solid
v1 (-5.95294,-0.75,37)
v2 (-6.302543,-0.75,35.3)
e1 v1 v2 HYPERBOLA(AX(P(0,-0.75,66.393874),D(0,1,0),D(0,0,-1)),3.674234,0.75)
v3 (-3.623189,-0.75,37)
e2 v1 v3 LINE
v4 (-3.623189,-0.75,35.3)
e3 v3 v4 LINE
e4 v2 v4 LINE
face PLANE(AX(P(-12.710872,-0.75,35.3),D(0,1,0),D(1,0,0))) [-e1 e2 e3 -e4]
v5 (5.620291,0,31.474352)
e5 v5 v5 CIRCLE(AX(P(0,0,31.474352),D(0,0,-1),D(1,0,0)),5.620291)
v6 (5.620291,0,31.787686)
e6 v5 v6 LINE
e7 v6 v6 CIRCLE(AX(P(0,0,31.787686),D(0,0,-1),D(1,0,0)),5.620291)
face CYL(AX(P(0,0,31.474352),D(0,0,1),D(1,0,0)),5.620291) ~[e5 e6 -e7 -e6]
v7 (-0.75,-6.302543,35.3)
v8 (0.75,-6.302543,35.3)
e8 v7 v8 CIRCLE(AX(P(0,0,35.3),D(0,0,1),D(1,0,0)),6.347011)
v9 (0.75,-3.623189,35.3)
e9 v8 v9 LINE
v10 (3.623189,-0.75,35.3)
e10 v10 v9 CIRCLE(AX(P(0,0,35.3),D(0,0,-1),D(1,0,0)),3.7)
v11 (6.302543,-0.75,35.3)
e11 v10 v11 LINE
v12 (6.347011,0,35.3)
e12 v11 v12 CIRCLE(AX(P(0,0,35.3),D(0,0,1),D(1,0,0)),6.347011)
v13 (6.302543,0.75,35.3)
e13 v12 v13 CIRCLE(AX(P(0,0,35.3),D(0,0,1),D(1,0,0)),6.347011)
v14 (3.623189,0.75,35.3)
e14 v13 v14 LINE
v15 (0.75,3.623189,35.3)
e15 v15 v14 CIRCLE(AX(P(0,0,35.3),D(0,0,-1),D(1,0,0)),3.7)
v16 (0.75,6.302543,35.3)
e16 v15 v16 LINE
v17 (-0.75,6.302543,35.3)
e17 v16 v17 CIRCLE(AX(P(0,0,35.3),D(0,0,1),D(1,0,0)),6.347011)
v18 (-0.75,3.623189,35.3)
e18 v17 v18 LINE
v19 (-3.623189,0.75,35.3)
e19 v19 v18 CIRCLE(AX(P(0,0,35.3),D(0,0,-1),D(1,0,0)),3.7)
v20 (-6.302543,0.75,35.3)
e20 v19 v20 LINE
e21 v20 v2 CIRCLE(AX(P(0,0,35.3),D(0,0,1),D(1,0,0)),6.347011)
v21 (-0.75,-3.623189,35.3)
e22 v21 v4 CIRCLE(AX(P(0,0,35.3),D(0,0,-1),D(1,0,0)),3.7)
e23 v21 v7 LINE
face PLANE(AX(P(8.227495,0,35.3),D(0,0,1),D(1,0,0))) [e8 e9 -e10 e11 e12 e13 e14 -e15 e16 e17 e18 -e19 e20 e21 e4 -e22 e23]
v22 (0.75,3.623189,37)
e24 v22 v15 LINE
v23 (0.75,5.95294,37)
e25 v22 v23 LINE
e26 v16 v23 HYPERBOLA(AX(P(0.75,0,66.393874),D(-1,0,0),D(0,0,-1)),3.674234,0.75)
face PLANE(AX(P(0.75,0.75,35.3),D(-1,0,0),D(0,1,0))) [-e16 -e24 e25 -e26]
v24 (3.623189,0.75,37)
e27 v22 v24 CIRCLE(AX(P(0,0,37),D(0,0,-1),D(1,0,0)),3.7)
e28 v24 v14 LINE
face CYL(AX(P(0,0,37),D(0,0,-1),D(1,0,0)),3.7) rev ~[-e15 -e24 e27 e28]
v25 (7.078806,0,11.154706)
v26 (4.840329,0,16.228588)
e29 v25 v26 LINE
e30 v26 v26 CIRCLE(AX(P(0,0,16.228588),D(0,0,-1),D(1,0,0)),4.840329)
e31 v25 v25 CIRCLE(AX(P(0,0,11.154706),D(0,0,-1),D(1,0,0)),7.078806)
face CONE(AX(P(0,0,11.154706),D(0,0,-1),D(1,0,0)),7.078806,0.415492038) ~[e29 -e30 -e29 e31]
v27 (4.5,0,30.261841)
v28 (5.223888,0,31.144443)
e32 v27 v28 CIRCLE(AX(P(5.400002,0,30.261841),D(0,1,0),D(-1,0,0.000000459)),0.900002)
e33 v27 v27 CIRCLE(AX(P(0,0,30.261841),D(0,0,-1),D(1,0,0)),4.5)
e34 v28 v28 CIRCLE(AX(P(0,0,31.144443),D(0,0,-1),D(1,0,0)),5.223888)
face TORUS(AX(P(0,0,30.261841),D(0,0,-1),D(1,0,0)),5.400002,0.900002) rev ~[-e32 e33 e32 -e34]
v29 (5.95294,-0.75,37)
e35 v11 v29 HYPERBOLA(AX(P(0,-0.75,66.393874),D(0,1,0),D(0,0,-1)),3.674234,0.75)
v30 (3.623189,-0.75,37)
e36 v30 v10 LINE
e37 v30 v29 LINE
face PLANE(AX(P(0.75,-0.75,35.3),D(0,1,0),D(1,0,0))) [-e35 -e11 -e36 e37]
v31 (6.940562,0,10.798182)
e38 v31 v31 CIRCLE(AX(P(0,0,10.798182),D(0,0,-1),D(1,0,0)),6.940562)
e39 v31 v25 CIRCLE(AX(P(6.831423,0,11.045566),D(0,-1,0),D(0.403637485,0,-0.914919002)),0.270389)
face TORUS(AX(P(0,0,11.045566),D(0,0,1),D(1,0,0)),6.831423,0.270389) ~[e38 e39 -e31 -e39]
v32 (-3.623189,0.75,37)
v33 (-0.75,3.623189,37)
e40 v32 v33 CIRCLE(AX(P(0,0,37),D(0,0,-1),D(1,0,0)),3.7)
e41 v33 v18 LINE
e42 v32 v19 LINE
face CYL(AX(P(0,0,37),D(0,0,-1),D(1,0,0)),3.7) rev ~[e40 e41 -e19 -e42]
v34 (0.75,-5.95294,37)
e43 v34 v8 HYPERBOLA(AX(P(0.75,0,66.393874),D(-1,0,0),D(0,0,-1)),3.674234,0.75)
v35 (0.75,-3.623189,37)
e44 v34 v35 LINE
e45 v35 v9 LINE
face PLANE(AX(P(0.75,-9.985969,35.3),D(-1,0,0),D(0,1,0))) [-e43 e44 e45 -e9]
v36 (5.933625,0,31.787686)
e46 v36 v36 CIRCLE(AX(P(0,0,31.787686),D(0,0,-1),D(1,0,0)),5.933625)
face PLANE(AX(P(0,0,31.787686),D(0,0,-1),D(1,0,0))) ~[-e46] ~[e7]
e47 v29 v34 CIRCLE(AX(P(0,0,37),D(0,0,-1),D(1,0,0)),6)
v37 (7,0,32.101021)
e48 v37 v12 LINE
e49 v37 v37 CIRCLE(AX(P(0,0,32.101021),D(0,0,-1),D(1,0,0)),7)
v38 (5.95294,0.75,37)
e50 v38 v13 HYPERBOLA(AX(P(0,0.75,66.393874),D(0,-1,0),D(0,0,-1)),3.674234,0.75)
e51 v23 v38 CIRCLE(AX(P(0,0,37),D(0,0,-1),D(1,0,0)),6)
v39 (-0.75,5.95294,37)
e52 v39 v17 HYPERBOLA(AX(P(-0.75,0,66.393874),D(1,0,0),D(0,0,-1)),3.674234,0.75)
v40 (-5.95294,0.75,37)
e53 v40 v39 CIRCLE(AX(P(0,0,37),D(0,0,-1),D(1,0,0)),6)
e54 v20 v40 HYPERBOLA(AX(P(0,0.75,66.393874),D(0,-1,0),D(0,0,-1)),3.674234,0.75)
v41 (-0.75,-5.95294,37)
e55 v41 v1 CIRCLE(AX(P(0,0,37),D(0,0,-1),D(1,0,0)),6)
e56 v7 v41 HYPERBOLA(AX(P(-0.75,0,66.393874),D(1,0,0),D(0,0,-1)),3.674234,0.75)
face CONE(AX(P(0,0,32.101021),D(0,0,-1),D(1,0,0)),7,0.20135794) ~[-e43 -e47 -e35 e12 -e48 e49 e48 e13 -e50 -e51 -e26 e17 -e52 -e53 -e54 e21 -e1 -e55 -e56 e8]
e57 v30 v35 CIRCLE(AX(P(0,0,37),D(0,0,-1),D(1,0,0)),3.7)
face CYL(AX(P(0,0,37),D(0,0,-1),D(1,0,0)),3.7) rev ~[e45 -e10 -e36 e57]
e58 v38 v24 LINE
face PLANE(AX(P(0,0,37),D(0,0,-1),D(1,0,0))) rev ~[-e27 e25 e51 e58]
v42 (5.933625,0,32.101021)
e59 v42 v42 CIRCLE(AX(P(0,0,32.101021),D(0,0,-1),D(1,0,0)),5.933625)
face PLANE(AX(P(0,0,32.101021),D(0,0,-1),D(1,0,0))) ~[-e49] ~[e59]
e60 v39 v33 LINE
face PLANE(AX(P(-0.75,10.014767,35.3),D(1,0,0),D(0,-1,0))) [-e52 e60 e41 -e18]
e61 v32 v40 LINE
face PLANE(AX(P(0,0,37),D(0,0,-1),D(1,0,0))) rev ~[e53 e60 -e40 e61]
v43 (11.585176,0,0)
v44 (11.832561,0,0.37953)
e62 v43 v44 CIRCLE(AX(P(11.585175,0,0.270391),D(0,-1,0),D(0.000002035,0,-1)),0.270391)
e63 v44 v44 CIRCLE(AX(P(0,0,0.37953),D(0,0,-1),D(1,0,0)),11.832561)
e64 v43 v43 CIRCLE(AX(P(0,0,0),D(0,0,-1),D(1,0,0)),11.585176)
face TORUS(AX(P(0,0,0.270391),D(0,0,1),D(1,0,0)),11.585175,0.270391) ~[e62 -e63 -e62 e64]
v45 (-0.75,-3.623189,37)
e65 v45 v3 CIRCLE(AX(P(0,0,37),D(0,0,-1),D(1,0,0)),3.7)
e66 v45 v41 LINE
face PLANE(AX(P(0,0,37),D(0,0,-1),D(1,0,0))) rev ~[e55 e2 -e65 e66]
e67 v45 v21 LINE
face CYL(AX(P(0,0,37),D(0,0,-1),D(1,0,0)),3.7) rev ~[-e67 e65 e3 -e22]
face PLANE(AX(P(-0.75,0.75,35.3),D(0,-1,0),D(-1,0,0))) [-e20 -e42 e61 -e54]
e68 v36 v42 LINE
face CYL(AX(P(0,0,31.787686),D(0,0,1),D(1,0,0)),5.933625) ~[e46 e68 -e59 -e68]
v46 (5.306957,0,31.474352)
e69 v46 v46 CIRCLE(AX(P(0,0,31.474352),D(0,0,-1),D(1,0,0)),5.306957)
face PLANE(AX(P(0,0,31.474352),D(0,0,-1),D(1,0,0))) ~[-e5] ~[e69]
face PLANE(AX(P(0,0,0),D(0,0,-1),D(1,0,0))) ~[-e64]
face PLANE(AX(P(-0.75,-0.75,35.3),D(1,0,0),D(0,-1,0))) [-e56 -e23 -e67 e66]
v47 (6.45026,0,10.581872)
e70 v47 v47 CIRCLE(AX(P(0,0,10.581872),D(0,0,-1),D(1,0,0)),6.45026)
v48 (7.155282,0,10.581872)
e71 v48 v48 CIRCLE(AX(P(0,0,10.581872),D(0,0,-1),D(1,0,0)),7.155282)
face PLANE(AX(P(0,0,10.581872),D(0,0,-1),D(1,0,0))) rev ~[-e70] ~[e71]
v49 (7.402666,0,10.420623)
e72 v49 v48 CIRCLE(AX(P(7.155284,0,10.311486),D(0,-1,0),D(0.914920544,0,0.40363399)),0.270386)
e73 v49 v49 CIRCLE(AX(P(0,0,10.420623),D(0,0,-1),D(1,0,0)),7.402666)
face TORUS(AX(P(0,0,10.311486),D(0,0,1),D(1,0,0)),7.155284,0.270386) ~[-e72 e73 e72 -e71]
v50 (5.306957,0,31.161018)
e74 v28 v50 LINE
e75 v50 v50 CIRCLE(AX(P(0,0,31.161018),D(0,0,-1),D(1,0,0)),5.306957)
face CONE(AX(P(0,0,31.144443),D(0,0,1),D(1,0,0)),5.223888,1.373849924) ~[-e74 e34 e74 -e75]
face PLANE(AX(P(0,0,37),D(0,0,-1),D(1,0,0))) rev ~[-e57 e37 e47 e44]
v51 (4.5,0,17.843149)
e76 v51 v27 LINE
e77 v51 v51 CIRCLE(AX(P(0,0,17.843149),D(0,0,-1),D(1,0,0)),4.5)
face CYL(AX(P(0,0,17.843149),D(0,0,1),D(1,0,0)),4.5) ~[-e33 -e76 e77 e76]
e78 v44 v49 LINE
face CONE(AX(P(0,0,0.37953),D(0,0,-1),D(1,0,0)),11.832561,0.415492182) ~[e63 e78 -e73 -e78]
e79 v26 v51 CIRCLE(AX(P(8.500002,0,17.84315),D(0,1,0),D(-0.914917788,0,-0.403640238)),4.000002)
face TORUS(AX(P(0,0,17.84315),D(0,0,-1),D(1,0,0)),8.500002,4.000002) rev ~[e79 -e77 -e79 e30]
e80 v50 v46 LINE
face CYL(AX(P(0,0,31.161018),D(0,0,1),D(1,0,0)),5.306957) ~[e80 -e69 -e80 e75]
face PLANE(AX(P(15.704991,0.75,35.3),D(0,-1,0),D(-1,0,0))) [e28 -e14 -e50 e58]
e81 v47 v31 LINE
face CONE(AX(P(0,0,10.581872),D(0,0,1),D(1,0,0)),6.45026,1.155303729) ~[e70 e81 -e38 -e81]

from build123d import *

# Parameters (mm, degrees)
F3_DEPTH = 25


with BuildPart() as f1:
    # F0 (on Front) → F1 (revolve)
    with BuildSketch(Plane.XZ):
        with BuildLine():
            Line((0, 35.3), (0, 0))
            Line((0, 0), (11.585176, 0))
            ThreePointArc((11.585176, 0), (11.811694, 0.122741), (11.832561, 0.37953))
            Line((11.832561, 0.37953), (7.402666, 10.420623))
            ThreePointArc((7.402666, 10.420623), (7.302931, 10.538001), (7.155282, 10.581872))
            Line((7.155282, 10.581872), (6.45026, 10.581872))
            Line((6.45026, 10.581872), (6.940562, 10.798182))
            ThreePointArc((6.940562, 10.798182), (7.083523, 10.947813), (7.078806, 11.154706))
            Line((7.078806, 11.154706), (4.840329, 16.228588))
            ThreePointArc((4.840329, 16.228588), (4.586007, 17.018129), (4.5, 17.843149))
            Line((4.5, 17.843149), (4.5, 30.261841))
            ThreePointArc((4.5, 30.261841), (4.704119, 30.832586), (5.223888, 31.144443))
            Line((5.223888, 31.144443), (5.306957, 31.161018))
            Line((5.306957, 31.161018), (5.306957, 31.474352))
            Line((5.306957, 31.474352), (5.620291, 31.474352))
            Line((5.620291, 31.474352), (5.620291, 31.787686))
            Line((5.620291, 31.787686), (5.933625, 31.787686))
            Line((5.933625, 31.787686), (5.933625, 32.101021))
            Line((5.933625, 32.101021), (7, 32.101021))
            Line((7, 32.101021), (6, 37))
            Line((6, 37), (3.7, 37))
            Line((3.7, 37), (3.7, 35.3))
            Line((3.7, 35.3), (0, 35.3))
        make_face()
    revolve(axis=Axis((0, 0, 41.82879), (0, 0, -1)))

    # F2 (on face) → F3 (cut)
    with BuildSketch(Plane.XY.offset(35.3)):
        Polygon((-0.75, 0.75), (-12.710872, 0.75), (-12.710872, -0.75), (-0.75, -0.75), (-0.75, 0), align=None)
        Polygon((-0.75, 10.014767), (-0.75, 0.75), (0, 0.75), (0.75, 0.75), (0.75, 10.014767), align=None)
        Polygon((0, -0.75), (-0.75, -0.75), (-0.75, -9.985969), (0.75, -9.985969), (0.75, -0.75), align=None)
        Polygon((15.704991, 0.75), (0.75, 0.75), (0.75, 0), (0.75, -0.75), (15.704991, -0.75), align=None)
    extrude(amount=F3_DEPTH, mode=Mode.SUBTRACT)


solid = f1.part
